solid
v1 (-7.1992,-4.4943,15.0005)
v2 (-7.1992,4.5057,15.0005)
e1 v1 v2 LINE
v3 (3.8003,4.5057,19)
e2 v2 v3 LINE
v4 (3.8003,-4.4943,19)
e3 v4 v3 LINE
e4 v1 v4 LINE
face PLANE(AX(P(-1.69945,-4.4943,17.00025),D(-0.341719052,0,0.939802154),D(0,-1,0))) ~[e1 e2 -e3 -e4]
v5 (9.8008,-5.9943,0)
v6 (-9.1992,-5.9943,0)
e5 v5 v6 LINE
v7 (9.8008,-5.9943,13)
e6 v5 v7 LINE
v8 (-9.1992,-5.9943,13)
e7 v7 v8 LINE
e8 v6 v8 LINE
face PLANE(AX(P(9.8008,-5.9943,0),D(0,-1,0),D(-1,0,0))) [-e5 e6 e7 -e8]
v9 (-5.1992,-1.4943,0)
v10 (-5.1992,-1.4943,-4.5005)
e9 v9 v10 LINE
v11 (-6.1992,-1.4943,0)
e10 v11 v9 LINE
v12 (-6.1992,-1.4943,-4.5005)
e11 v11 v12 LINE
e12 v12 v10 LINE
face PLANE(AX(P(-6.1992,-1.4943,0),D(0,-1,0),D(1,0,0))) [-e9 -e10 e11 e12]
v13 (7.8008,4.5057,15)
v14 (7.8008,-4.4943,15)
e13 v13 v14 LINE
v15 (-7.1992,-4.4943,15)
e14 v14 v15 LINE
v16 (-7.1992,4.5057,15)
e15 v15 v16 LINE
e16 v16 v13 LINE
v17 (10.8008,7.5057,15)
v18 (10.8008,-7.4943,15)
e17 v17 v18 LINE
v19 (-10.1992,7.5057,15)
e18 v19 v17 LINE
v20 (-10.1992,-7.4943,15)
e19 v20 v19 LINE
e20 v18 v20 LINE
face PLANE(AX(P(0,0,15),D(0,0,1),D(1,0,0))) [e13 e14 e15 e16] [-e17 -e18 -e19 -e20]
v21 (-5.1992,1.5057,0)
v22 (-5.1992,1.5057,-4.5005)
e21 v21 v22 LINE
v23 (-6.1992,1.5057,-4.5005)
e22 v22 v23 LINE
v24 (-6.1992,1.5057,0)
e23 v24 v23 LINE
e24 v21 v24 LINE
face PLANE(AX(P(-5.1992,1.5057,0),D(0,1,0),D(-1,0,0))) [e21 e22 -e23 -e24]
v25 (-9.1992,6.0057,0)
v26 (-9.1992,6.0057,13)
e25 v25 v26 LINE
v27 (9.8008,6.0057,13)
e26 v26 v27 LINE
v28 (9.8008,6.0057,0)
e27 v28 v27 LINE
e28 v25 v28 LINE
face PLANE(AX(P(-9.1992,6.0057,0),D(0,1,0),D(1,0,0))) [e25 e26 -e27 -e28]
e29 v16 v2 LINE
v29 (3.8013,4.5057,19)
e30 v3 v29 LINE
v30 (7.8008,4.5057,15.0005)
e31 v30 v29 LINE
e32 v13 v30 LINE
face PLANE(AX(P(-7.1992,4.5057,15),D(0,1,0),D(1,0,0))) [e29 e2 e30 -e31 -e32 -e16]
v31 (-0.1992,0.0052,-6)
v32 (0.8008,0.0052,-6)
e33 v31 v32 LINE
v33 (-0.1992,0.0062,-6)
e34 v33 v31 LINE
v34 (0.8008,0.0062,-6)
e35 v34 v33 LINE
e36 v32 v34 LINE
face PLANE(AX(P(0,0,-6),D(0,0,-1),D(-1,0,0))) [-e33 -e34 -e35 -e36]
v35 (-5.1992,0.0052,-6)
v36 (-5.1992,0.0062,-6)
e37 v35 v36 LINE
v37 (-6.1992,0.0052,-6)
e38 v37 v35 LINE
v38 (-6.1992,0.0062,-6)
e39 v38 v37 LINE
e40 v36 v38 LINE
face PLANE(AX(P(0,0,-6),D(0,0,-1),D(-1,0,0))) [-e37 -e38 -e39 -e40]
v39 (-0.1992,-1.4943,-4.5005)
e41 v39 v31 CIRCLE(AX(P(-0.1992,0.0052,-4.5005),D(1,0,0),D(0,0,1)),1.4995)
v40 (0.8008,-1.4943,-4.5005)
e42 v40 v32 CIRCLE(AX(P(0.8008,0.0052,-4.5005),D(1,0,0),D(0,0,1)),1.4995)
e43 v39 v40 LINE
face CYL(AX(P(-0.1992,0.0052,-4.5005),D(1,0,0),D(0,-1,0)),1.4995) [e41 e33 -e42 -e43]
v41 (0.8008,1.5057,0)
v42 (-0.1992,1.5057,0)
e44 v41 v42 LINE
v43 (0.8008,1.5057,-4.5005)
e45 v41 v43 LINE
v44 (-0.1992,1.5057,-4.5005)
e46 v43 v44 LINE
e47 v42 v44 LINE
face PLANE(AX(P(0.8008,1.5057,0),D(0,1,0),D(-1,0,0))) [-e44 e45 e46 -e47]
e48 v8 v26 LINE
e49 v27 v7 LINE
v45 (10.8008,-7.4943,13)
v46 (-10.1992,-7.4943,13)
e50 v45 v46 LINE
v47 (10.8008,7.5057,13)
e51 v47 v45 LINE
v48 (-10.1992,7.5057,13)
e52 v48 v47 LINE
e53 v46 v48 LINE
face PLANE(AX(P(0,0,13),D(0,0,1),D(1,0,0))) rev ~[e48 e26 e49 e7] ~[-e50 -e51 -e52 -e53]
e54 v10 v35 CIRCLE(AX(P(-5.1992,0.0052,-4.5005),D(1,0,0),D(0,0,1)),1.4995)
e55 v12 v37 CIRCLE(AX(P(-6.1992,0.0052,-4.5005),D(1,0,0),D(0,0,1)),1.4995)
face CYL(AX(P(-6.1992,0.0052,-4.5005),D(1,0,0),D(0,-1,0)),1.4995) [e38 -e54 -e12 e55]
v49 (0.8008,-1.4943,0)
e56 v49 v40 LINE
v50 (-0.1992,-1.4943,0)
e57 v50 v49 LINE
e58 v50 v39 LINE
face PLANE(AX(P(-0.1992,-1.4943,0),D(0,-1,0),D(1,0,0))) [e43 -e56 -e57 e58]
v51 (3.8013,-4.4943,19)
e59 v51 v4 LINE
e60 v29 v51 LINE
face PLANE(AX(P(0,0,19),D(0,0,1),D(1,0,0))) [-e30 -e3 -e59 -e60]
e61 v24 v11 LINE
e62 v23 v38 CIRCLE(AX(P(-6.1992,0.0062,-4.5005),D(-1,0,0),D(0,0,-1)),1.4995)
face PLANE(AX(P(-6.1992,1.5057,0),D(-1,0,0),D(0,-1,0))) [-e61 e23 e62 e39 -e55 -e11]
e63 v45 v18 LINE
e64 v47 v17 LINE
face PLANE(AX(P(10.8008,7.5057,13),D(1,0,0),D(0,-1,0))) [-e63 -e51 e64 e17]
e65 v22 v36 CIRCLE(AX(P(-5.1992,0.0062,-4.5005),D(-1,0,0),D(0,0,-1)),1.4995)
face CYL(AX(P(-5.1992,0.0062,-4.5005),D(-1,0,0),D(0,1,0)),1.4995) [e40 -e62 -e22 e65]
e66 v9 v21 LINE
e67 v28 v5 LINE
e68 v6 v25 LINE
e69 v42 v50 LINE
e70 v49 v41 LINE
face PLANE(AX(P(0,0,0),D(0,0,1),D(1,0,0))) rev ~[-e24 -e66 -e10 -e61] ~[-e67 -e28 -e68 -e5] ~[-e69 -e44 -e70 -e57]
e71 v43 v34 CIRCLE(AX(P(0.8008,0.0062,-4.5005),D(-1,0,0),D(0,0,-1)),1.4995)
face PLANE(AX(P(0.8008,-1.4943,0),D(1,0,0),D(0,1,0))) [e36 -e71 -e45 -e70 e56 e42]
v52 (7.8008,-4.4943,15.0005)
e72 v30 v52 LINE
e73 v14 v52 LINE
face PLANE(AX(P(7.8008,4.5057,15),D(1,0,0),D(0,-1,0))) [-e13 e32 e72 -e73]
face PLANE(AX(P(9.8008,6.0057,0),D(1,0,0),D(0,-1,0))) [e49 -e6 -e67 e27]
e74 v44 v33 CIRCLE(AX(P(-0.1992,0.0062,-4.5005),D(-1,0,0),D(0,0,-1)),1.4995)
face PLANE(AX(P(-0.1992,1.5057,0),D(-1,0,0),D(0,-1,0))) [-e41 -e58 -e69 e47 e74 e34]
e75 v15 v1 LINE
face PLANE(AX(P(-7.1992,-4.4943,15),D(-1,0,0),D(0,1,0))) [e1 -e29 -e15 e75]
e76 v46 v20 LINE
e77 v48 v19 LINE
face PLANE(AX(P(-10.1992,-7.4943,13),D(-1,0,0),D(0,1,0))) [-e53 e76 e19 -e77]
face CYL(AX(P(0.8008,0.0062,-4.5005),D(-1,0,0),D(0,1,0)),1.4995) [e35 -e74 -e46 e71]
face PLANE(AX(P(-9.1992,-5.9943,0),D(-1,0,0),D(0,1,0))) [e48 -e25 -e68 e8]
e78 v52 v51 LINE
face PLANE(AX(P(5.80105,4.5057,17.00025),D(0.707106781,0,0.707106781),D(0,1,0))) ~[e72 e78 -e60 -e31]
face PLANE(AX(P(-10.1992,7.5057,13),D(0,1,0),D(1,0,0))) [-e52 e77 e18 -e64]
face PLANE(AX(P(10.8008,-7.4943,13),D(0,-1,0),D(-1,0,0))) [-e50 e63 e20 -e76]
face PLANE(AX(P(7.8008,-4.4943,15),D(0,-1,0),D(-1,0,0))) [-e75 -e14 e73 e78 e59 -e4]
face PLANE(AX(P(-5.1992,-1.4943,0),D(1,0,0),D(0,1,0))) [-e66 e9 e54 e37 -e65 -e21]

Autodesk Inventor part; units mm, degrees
ref_plane "YZ Plane" through (0, 0, 0) normal (1, 0, 0) x (0, 1, 0)
ref_plane "XZ Plane" through (0, 0, 0) normal (0, 1, 0) x (-1, 0, 0)
ref_plane "XY Plane" through (0, 0, 0) normal (0, 0, 1) x (1, 0, 0)
sketch "スケッチ1" plane through (0, 0, 0) normal (0, 0, 1) x (1, 0, 0)
  line L0 (-9.1992, 6.0057) -> (9.8008, 6.0057)
  line L1 (9.8008, 6.0057) -> (9.8008, -5.9943)
  line L2 (9.8008, -5.9943) -> (-9.1992, -5.9943)
  line L3 (-9.1992, -5.9943) -> (-9.1992, 6.0057)
  dimension "d0" = 19
  dimension "d1" = 12
extrude "押し出し1" add sketch "スケッチ1" along normal blind 13
sketch "スケッチ2" plane through (0, 0, 13) normal (0, 0, 1) x (1, 0, 0)
  line L0 (-9.1992, 6.0057) -> (9.8008, 6.0057) projected
  line L1 (-9.1992, -5.9943) -> (-9.1992, 6.0057) projected
  line L2 (-10.1992, 7.5057) -> (10.8008, 7.5057)
  line L3 (10.8008, 7.5057) -> (10.8008, -7.4943)
  line L4 (10.8008, -7.4943) -> (-10.1992, -7.4943)
  line L5 (-10.1992, -7.4943) -> (-10.1992, 7.5057)
  dimension "d4" = 21
  dimension "d5" = 15
  dimension "d6" = 1.5
  dimension "d7" = 1
extrude "押し出し2" add sketch "スケッチ2" along normal blind 2
sketch "スケッチ3" plane through (0, 0, 15) normal (0, 0, 1) x (1, 0, 0)
  line L0 (-10.1992, 7.5057) -> (10.8008, 7.5057) projected
  line L1 (-10.1992, -7.4943) -> (-10.1992, 7.5057) projected
  line L2 (-7.1992, 4.5057) -> (7.8008, 4.5057)
  line L3 (7.8008, 4.5057) -> (7.8008, -4.4943)
  line L4 (7.8008, -4.4943) -> (-7.1992, -4.4943)
  line L5 (-7.1992, -4.4943) -> (-7.1992, 4.5057)
  dimension "d10" = 9
  dimension "d11" = 15
  dimension "d12" = 3
  dimension "d13" = 3
extrude "押し出し3" add sketch "スケッチ3" along normal blind 4
chamfer "面取り1" distance 4 distance2 11 1 edges at (-7.1992, 0.0057, 19) measured on face at (-7.1992, -1.4943, 16.3333)
chamfer "面取り2" distance 4 distance2 4 1 edges at (7.8008, 0.0057, 19) measured on face at (7.8008, 1.5057, 16.3333)
sketch "スケッチ4" plane through (0, 0, 0) normal (0, 0, -1) x (-1, 0, 0)
  line L0 (9.1992, 6.0057) -> (-9.8008, 6.0057) projected
  line L1 (9.1992, -5.9943) -> (9.1992, 6.0057) projected
  line L2 (-0.8008, 1.5057) -> (0.1992, 1.5057)
  line L3 (0.1992, 1.5057) -> (0.1992, -1.4943)
  line L4 (0.1992, -1.4943) -> (-0.8008, -1.4943)
  line L5 (-0.8008, -1.4943) -> (-0.8008, 1.5057)
  line L6 (5.1992, 1.5057) -> (6.1992, 1.5057)
  line L7 (6.1992, 1.5057) -> (6.1992, -1.4943)
  line L8 (6.1992, -1.4943) -> (5.1992, -1.4943)
  line L9 (5.1992, -1.4943) -> (5.1992, 1.5057)
  dimension "d20" = 9
  dimension "d21" = 1
  dimension "d22" = 3
  dimension "d23" = 4.5
  dimension "d24" = 1
  dimension "d25" = 5
extrude "押し出し4" add sketch "スケッチ4" along normal blind 6
fillet "フィレット1" radius 1.5 4 edges at (0.3008, 1.5057, -6) (0.3008, -1.4943, -6) (-5.6992, -1.4943, -6) (-5.6992, 1.5057, -6)
properties part number "sw" material "ABS Plastic"
